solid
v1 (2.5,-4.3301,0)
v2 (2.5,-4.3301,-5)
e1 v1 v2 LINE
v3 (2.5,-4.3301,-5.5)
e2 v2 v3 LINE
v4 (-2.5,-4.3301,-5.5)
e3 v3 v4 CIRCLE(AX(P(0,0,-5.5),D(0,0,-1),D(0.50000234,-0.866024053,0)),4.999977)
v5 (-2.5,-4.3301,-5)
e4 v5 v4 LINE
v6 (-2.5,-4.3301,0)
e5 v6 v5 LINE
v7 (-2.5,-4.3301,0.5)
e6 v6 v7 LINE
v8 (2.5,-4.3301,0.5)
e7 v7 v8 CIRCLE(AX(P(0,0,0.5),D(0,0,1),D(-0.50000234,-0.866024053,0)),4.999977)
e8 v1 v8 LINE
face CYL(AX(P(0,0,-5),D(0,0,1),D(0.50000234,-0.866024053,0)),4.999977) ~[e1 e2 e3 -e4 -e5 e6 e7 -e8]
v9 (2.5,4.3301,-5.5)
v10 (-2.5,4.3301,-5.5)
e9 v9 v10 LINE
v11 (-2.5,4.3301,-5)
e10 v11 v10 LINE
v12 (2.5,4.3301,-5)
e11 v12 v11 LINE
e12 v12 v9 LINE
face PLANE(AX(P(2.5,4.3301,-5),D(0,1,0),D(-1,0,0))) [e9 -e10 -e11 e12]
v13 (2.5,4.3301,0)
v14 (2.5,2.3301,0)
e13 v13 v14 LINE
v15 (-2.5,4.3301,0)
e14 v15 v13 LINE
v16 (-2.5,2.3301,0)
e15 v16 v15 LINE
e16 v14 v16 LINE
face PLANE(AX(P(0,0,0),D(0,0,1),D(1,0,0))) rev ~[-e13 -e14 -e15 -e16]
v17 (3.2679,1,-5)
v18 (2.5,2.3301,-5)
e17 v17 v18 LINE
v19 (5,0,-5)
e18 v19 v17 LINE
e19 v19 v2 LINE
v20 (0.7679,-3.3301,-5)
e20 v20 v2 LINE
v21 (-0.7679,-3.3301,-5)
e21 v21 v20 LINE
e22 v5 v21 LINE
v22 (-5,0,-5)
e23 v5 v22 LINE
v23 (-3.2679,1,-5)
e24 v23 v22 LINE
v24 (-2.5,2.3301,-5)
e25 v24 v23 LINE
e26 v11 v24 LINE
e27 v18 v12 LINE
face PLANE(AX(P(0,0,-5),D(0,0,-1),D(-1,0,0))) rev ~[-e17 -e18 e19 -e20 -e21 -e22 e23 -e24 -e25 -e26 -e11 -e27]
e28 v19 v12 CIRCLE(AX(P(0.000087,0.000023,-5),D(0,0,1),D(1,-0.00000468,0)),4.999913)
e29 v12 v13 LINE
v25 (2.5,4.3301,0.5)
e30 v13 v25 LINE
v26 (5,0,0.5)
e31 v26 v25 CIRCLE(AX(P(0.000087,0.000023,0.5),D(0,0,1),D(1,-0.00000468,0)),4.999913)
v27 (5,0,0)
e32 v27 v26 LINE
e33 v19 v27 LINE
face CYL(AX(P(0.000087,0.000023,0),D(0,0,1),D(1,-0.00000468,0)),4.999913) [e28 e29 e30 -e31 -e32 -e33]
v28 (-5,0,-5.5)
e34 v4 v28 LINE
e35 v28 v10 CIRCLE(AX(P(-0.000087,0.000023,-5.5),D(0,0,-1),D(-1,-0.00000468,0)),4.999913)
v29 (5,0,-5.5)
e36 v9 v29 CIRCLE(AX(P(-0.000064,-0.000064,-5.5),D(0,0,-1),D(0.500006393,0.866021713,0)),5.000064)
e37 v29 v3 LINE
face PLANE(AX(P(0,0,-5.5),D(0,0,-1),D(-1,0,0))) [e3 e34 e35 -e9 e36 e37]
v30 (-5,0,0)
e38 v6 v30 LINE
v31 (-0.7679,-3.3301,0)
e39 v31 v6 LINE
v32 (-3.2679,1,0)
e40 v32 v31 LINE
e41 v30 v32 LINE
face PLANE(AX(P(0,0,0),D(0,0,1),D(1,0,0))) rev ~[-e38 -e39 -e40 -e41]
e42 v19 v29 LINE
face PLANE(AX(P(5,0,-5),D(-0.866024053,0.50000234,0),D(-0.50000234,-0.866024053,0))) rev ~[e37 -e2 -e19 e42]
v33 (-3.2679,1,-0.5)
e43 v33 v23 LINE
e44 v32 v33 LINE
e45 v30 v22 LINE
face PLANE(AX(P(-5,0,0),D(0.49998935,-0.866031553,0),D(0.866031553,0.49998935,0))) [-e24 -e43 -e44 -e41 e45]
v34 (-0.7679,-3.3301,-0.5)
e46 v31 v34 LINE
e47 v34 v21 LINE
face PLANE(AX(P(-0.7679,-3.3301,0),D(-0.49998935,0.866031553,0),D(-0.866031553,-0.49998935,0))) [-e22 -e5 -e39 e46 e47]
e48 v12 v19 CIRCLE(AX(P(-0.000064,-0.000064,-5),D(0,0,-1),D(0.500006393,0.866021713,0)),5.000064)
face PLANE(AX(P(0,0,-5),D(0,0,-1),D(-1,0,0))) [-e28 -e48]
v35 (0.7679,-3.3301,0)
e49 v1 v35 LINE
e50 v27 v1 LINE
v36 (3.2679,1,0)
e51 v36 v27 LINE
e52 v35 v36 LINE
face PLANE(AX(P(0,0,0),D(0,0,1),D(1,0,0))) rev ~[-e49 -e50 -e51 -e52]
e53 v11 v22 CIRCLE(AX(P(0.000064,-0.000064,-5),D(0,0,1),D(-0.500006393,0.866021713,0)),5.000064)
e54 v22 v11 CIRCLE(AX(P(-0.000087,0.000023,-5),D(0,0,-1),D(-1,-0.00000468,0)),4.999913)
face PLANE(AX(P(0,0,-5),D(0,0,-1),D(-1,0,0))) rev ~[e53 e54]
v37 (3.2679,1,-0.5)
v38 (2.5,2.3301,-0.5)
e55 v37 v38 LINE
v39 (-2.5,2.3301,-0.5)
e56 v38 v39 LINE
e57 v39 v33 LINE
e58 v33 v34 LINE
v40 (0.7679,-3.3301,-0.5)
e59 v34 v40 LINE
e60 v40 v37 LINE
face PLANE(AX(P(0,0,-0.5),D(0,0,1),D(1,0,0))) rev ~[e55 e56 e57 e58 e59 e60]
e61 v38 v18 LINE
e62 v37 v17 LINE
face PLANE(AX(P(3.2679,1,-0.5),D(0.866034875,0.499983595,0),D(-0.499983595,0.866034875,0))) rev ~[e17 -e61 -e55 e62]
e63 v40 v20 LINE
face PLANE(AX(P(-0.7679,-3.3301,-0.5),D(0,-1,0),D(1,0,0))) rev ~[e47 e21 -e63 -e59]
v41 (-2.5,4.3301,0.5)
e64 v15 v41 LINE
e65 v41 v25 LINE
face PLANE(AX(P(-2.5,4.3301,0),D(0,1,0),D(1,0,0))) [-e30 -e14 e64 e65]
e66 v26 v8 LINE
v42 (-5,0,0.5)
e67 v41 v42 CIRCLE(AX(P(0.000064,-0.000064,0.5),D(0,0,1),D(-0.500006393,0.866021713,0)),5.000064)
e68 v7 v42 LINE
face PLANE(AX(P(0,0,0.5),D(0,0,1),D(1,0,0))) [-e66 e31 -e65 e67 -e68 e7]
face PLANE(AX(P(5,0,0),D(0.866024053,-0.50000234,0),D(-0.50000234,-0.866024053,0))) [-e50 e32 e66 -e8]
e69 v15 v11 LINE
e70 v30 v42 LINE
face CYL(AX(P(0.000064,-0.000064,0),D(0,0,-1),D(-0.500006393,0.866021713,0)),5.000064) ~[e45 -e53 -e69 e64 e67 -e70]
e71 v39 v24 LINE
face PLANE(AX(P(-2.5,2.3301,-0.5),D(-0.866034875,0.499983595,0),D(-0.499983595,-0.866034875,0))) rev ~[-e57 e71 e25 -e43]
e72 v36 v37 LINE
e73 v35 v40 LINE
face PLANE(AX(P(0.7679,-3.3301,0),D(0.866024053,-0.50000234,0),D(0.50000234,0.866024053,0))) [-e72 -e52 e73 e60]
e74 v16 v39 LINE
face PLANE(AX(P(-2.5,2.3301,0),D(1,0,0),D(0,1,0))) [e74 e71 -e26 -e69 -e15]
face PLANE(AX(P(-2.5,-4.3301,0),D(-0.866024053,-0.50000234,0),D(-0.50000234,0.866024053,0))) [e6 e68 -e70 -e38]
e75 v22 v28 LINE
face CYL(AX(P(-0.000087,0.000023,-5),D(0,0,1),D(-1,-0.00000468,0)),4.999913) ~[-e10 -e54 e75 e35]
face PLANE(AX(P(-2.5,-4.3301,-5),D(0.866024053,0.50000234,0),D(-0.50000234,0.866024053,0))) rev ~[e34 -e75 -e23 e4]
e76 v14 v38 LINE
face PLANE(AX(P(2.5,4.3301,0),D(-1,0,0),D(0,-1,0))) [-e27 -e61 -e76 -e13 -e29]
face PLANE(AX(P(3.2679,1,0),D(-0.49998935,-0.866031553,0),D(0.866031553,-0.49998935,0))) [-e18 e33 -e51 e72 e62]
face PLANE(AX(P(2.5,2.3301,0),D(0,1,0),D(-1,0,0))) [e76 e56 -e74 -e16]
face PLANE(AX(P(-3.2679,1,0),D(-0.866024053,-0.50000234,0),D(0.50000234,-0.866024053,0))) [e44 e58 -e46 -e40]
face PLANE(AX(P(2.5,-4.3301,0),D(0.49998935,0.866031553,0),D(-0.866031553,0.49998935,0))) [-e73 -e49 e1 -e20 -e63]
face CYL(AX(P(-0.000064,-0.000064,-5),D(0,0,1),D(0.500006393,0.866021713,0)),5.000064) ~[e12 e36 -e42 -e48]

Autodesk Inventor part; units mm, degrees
ref_plane "YZ Plane" through (0, 0, 0) normal (1, 0, 0) x (0, 1, 0)
ref_plane "XZ Plane" through (0, 0, 0) normal (0, 1, 0) x (-1, 0, 0)
ref_plane "XY Plane" through (0, 0, 0) normal (0, 0, 1) x (1, 0, 0)
sketch "Sketch9" plane through (0, 0, 0) normal (0, 0, 1) x (1, 0, 0)
  line L0 (5, 0) -> (2.5, -4.3301)
  line L1 (2.5, -4.3301) -> (-2.5, -4.3301)
  line L2 (-2.5, -4.3301) -> (-5, 0)
  line L3 (-5, 0) -> (-2.5, 4.3301)
  line L4 (-2.5, 4.3301) -> (2.5, 4.3301)
  line L5 (2.5, 4.3301) -> (5, 0)
  line L6 (2.5, 4.3301) -> (2.5, 2.3301)
  line L7 (2.5, 2.3301) -> (-2.5, 2.3301)
  line L8 (-2.5, 2.3301) -> (-2.5, 4.3301)
  line L9 (-2.5, -4.3301) -> (-5, 0)
  line L10 (-0.7679, -3.3301) -> (-2.5, -4.3301)
  line L11 (-3.2679, 1) -> (-0.7679, -3.3301)
  line L12 (-5, 0) -> (-3.2679, 1)
  line L13 (5, 0) -> (2.5, -4.3301)
  line L14 (3.2679, 1) -> (5, 0)
  line L15 (0.7679, -3.3301) -> (3.2679, 1)
  line L16 (2.5, -4.3301) -> (0.7679, -3.3301)
  point P0 (0, 0)
  point P1 (0, 0)
  point P2 (-5, 0)
  dimension "d62" = 5
  dimension "d63" = 2
  dimension "d66" = 360
extrude "Extrusion9" add sketch "Sketch9" against normal blind 0.5 contours L14 L15 L16 L1 L10 L11 L12 L3 L8 L7 L6 L5
sketch "Sketch11" plane through (0, 0, -0.5) normal (0, 0, -1) x (-1, 0, 0)
  line L0 (2.5, 2.3301) -> (-2.5, 2.3301) projected
  line L1 (-2.5, 2.3301) -> (-2.5, 4.3301) projected
  line L2 (-2.5, 2.3301) -> (-2.5, 4.3301)
  line L3 (-5, 0) -> (-2.5, 4.3301) projected
  line L4 (-2.5, 4.3301) -> (-5, 0)
  line L5 (-3.2679, 1) -> (-0.7679, -3.3301) projected
  line L6 (-5, 0) -> (-3.2679, 1)
  line L7 (-3.2679, 1) -> (-2.5, 2.3301)
  line L8 (2.5, 4.3301) -> (2.5, 2.3301) projected
  line L9 (2.5, 4.3301) -> (2.5, 2.3301)
  line L10 (2.5, 2.3301) -> (3.2679, 1)
  line L11 (3.2679, 1) -> (5, 0)
  line L12 (5, 0) -> (2.5, 4.3301)
  line L13 (-0.7679, -3.3301) -> (-2.5, -4.3301)
  line L14 (2.5, -4.3301) -> (0.7679, -3.3301) projected
  line L15 (-2.5, -4.3301) -> (2.5, -4.3301)
  line L16 (2.5, -4.3301) -> (0.7679, -3.3301)
  line L17 (0.7679, -3.3301) -> (-0.7679, -3.3301)
  point P0 (0, 0)
extrude "Extrusion10" add sketch "Sketch11" along normal blind 4.5
sketch "Sketch12" plane through (0, 0, 0) normal (0, 0, 1) x (1, 0, 0)
  line L0 (3.2679, 1) -> (5, 0) projected
  line L1 (-2.5, 4.3301) -> (-5, 0)
  line L2 (-2.5, -4.3301) -> (2.5, -4.3301)
  line L3 (2.5, 4.3301) -> (2.5, 2.3301) projected
  line L4 (5, 0) -> (2.5, 4.3301)
  arc A0 (-2.5, 4.3301) -> (-5, 0) centre (0, 0) ccw
  arc A1 (-2.5, -4.3301) -> (2.5, -4.3301) centre (0, 0) ccw
  arc A2 (5, 0) -> (2.5, 4.3301) centre (0, 0) ccw
extrude "Extrusion11" add sketch "Sketch12" against normal up to surface (5 mm away)
extrude "Extrusion12" add sketch "Sketch9" along normal blind 0.5
extrude "Extrusion13" add sketch "Sketch12" along normal blind 0.5
sketch "Sketch13" plane through (0, 0, -5) normal (0, 0, -1) x (-1, 0, 0)
  line L0 (2.5, 4.3301) -> (2.5, 2.3301) projected
  line L1 (-2.5, 4.3301) -> (2.5, 4.3301) projected
  line L2 (2.5, 4.3301) -> (-2.5, 4.3301)
  line L3 (-5, 0) -> (-2.5, -4.3301)
  line L4 (2.5, -4.3301) -> (5, 0)
  arc A0 (5, 0) -> (2.5, 4.3301) centre (0, 0) ccw
  arc A1 (-2.5, 4.3301) -> (-5, 0) centre (0, 0) ccw
  arc A2 (-2.5, -4.3301) -> (2.5, -4.3301) centre (0, 0) ccw
extrude "Extrusion14" add sketch "Sketch13" along normal blind 0.5
properties part number "BodyNew"
